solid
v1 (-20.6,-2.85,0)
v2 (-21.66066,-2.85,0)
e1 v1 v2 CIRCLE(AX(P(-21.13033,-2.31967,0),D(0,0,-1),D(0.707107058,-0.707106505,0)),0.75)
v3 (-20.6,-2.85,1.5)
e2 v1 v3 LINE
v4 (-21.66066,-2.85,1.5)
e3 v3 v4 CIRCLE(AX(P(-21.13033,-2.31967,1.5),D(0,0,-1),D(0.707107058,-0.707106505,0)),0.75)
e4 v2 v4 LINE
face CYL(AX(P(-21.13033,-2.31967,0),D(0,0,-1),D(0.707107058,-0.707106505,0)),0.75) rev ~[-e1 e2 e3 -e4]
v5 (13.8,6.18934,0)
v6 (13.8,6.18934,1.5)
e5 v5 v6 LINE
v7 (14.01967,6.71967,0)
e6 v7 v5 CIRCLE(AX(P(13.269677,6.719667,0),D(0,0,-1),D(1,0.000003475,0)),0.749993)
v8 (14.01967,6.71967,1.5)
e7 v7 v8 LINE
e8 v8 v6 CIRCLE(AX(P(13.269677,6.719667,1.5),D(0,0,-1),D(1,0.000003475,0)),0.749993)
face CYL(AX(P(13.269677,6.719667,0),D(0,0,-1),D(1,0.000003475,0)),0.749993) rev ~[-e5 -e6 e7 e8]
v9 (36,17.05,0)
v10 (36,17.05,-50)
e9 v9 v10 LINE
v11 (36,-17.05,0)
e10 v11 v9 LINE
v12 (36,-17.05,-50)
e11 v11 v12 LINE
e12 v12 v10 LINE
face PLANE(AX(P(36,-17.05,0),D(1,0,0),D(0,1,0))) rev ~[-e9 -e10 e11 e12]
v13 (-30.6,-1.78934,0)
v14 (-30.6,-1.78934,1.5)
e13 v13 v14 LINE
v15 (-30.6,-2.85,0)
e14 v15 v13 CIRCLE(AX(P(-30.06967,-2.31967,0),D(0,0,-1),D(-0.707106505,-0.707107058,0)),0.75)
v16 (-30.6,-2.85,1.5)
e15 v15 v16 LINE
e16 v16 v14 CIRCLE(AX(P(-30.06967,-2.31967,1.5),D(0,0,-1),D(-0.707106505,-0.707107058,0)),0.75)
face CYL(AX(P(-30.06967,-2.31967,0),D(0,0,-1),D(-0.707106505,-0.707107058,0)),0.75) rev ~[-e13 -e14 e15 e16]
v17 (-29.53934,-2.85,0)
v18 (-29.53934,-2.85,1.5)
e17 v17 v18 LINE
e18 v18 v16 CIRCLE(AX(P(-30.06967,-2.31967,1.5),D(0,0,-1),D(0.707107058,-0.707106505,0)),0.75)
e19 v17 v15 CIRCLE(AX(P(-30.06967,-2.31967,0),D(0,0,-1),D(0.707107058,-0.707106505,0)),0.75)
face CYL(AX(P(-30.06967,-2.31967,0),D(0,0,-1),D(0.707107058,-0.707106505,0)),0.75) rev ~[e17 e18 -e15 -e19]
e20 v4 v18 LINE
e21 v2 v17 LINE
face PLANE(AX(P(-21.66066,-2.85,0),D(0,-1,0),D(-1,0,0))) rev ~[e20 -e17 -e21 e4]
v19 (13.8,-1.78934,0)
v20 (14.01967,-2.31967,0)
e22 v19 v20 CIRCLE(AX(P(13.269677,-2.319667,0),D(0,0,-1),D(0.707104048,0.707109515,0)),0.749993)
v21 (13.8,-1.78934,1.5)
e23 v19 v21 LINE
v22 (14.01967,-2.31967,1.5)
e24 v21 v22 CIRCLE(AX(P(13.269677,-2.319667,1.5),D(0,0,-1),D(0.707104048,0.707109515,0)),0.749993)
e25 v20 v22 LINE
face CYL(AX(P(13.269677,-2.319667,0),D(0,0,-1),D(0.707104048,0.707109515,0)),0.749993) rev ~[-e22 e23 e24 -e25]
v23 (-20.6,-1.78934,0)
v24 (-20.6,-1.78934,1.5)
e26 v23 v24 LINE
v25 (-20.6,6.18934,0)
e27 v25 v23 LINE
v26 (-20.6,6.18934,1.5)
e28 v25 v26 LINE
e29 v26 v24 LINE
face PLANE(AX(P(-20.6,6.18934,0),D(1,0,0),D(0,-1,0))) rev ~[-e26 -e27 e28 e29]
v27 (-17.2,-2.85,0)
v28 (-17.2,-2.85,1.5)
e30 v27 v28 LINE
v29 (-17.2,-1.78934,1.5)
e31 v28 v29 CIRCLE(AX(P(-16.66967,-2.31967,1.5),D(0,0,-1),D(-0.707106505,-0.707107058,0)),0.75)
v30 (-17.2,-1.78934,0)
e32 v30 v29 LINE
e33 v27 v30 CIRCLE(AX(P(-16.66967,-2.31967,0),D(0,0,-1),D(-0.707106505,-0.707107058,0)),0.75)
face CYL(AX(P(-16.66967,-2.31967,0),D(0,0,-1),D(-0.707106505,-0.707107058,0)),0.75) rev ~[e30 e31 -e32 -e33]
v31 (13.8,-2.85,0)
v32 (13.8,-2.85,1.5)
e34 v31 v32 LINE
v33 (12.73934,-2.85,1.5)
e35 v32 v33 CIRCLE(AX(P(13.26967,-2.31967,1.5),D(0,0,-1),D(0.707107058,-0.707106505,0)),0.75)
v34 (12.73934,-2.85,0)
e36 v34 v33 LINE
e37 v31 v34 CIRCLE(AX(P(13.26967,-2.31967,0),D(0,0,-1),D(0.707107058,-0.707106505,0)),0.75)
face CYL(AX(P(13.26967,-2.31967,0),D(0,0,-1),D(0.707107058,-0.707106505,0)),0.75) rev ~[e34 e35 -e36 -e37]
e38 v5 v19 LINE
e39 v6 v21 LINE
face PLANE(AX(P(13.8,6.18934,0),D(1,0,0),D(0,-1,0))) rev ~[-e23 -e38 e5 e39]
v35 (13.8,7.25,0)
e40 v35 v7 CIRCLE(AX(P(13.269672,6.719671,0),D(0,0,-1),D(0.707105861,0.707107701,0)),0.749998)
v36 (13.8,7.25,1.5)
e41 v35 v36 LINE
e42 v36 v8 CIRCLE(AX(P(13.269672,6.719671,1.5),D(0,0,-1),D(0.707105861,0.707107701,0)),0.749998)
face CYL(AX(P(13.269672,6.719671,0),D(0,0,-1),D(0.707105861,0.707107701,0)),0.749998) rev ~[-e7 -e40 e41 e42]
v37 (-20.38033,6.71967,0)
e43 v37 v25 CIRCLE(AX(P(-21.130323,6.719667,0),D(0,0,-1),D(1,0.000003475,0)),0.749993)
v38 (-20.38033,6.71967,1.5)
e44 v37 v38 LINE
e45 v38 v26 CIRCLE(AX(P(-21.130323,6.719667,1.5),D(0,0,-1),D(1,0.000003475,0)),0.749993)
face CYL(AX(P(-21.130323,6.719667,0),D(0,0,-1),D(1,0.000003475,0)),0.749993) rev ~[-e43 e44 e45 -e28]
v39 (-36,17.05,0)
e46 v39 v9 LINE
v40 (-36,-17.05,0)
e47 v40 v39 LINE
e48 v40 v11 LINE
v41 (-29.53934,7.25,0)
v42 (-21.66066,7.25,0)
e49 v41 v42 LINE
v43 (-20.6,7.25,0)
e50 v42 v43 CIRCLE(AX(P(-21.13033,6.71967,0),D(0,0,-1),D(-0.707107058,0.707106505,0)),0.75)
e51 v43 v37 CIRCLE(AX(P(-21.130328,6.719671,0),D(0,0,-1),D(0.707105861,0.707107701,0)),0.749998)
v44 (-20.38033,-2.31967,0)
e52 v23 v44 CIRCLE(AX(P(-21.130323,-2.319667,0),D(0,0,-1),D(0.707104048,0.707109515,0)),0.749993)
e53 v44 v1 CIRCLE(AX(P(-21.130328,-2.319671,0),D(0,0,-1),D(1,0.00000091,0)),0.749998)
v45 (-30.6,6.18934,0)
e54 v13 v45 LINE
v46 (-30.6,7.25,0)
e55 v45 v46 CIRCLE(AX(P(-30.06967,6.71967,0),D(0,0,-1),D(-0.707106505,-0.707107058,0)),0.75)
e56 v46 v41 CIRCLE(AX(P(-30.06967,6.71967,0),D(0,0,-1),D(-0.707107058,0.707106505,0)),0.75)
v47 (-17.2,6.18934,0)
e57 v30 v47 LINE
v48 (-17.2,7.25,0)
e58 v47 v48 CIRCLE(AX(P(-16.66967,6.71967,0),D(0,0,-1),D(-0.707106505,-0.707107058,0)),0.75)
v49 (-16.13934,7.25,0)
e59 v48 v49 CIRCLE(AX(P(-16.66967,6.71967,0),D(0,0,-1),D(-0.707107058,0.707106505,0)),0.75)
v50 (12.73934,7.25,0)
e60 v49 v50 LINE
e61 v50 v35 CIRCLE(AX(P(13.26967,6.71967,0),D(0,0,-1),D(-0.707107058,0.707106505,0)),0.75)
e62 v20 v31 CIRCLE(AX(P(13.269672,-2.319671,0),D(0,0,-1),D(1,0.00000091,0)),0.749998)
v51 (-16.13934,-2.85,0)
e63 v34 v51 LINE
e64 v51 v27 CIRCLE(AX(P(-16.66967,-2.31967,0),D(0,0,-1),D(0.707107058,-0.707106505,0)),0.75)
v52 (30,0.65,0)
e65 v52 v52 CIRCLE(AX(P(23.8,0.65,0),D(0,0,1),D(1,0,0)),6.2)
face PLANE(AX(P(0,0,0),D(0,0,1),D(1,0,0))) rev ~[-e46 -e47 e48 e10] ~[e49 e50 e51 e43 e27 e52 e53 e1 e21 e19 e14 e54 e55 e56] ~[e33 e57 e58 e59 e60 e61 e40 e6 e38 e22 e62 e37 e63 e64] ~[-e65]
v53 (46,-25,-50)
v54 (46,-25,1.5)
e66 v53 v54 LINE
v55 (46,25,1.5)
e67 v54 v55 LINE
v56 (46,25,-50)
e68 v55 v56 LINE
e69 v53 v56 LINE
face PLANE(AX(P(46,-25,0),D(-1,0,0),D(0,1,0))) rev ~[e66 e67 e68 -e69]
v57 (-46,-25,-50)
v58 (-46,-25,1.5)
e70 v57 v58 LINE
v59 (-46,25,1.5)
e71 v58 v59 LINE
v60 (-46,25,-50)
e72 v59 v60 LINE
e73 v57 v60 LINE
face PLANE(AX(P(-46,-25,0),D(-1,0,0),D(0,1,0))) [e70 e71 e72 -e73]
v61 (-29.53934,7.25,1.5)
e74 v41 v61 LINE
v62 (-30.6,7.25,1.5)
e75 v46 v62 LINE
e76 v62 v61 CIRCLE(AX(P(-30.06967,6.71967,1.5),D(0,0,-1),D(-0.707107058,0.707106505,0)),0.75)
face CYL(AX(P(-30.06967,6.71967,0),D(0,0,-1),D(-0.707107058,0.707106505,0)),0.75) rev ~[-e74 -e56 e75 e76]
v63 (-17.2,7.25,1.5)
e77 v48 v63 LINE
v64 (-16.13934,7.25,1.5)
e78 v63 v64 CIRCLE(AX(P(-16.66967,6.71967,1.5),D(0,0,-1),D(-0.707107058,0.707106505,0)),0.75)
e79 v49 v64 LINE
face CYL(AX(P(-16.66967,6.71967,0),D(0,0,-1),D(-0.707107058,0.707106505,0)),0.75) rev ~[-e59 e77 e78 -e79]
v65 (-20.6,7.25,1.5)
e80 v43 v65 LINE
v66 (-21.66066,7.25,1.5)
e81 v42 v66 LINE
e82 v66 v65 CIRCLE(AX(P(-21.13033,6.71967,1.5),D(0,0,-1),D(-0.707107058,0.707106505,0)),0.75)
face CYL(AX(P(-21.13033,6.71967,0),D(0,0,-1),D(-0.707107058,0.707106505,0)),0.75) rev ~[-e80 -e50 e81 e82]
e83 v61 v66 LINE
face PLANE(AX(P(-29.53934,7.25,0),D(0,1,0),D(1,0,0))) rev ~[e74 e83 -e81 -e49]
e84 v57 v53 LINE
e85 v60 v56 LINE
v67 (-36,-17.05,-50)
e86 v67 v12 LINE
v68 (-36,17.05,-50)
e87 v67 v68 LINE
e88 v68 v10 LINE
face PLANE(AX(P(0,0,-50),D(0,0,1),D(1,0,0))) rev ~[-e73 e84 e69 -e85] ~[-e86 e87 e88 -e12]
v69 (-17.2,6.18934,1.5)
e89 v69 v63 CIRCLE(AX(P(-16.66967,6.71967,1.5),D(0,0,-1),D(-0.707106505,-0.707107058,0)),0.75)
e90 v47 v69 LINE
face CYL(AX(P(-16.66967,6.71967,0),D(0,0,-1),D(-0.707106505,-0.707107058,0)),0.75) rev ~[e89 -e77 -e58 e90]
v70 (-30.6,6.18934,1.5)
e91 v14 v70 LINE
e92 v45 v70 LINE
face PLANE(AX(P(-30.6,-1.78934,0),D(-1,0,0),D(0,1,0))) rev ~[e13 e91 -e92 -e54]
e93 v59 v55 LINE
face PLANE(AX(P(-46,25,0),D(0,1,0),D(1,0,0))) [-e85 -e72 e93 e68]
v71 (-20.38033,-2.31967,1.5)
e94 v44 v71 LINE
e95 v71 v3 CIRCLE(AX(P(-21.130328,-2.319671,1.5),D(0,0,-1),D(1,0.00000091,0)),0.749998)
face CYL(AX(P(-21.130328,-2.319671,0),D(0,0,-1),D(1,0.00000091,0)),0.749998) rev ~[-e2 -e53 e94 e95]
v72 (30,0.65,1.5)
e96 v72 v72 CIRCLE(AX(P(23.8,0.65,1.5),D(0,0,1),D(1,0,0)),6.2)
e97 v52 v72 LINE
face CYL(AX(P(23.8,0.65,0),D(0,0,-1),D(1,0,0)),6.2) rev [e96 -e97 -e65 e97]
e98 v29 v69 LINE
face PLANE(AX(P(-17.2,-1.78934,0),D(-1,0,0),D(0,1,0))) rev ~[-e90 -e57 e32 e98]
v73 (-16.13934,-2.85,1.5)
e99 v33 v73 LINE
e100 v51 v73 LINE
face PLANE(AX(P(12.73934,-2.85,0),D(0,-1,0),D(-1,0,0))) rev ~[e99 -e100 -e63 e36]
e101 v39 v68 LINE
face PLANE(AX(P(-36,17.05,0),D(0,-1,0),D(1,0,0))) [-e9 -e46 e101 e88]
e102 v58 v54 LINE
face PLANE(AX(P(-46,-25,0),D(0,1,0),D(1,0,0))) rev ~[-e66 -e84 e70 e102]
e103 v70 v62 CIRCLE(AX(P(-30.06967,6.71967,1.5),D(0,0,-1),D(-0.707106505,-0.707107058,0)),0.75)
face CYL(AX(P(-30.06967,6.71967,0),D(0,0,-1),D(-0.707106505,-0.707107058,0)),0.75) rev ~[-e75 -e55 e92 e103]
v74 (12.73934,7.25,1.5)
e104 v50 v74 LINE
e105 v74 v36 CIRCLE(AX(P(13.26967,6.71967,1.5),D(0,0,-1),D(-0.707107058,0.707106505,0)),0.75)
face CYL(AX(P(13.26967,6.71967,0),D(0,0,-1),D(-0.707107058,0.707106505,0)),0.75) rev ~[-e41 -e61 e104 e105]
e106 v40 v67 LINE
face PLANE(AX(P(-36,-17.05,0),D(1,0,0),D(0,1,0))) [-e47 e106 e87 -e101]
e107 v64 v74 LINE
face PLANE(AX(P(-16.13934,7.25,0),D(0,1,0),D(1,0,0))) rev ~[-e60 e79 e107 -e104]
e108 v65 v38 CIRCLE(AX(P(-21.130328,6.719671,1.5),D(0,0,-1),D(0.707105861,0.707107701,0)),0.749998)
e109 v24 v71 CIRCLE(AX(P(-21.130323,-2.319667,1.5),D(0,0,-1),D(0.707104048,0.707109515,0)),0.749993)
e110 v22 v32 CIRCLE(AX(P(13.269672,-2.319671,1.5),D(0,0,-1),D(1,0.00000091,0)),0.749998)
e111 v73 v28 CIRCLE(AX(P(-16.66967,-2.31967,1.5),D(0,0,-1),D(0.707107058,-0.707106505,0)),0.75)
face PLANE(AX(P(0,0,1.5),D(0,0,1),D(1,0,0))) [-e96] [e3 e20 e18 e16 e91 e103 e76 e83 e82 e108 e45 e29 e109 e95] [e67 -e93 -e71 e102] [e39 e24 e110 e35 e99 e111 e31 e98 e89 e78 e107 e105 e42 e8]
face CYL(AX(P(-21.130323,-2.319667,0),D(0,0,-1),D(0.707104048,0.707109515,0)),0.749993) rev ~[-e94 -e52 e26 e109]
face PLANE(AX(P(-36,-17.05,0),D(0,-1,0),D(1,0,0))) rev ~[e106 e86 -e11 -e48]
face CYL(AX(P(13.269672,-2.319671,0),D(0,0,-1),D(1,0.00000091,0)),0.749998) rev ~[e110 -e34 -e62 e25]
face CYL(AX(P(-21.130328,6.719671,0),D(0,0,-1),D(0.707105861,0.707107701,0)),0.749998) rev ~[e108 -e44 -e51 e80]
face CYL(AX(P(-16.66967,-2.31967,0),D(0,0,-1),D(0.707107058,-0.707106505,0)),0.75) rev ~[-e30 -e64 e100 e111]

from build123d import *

# Parameters (mm, degrees)
F0_W     = 92
F0_H     = 50
F0_W_2   = 72
F0_H_2   = 34.1
F1_DEPTH = 50
F0_R     = 6.2
F2_DEPTH = 1.5


with BuildPart() as f1:
    # F0 (on Top) → F1 (new body)
    with BuildSketch(Plane.XY):
        Rectangle(F0_W, F0_H)
        Rectangle(F0_W_2, F0_H_2, mode=Mode.SUBTRACT)
    extrude(amount=-F1_DEPTH)

    # F0 (on Top) → F2 (join)
    with BuildSketch(Plane.XY):
        Rectangle(F0_W, F0_H)
        Rectangle(F0_W_2, F0_H_2, mode=Mode.SUBTRACT)
        Rectangle(F0_W_2, F0_H_2)
        with BuildLine():
            ThreePointArc((-30.6, 6.18934), (-30.81967, 6.71967), (-30.6, 7.25))
            ThreePointArc((-30.6, 7.25), (-30.06967, 7.46967), (-29.53934, 7.25))
            Line((-29.53934, 7.25), (-21.66066, 7.25))
            ThreePointArc((-21.66066, 7.25), (-21.13033, 7.46967), (-20.6, 7.25))
            ThreePointArc((-20.6, 7.25), (-20.43742, 7.006682), (-20.38033, 6.71967))
            ThreePointArc((-20.38033, 6.71967), (-20.43742, 6.432657), (-20.6, 6.18934))
            Line((-20.6, 6.18934), (-20.6, -1.78934))
            ThreePointArc((-20.6, -1.78934), (-20.43742, -2.032657), (-20.38033, -2.31967))
            ThreePointArc((-20.38033, -2.31967), (-20.43742, -2.606682), (-20.6, -2.85))
            ThreePointArc((-20.6, -2.85), (-21.13033, -3.06967), (-21.66066, -2.85))
            Line((-21.66066, -2.85), (-29.53934, -2.85))
            ThreePointArc((-29.53934, -2.85), (-30.06967, -3.06967), (-30.6, -2.85))
            ThreePointArc((-30.6, -2.85), (-30.81967, -2.31967), (-30.6, -1.78934))
            Line((-30.6, -1.78934), (-30.6, 6.18934))
        make_face(mode=Mode.SUBTRACT)
        with BuildLine():
            ThreePointArc((-17.2, 6.18934), (-17.41967, 6.71967), (-17.2, 7.25))
            ThreePointArc((-17.2, 7.25), (-16.66967, 7.46967), (-16.13934, 7.25))
            Line((-16.13934, 7.25), (12.73934, 7.25))
            ThreePointArc((12.73934, 7.25), (13.26967, 7.46967), (13.8, 7.25))
            ThreePointArc((13.8, 7.25), (13.96258, 7.006682), (14.01967, 6.71967))
            ThreePointArc((14.01967, 6.71967), (13.96258, 6.432657), (13.8, 6.18934))
            Line((13.8, 6.18934), (13.8, -1.78934))
            ThreePointArc((13.8, -1.78934), (13.96258, -2.032657), (14.01967, -2.31967))
            ThreePointArc((14.01967, -2.31967), (13.96258, -2.606682), (13.8, -2.85))
            ThreePointArc((13.8, -2.85), (13.26967, -3.06967), (12.73934, -2.85))
            Line((12.73934, -2.85), (-16.13934, -2.85))
            ThreePointArc((-16.13934, -2.85), (-16.66967, -3.06967), (-17.2, -2.85))
            ThreePointArc((-17.2, -2.85), (-17.41967, -2.31967), (-17.2, -1.78934))
            Line((-17.2, -1.78934), (-17.2, 6.18934))
        make_face(mode=Mode.SUBTRACT)
        with Locations((23.8, 0.65)):
            Circle(F0_R, mode=Mode.SUBTRACT)
    extrude(amount=F2_DEPTH)


solid = f1.part
